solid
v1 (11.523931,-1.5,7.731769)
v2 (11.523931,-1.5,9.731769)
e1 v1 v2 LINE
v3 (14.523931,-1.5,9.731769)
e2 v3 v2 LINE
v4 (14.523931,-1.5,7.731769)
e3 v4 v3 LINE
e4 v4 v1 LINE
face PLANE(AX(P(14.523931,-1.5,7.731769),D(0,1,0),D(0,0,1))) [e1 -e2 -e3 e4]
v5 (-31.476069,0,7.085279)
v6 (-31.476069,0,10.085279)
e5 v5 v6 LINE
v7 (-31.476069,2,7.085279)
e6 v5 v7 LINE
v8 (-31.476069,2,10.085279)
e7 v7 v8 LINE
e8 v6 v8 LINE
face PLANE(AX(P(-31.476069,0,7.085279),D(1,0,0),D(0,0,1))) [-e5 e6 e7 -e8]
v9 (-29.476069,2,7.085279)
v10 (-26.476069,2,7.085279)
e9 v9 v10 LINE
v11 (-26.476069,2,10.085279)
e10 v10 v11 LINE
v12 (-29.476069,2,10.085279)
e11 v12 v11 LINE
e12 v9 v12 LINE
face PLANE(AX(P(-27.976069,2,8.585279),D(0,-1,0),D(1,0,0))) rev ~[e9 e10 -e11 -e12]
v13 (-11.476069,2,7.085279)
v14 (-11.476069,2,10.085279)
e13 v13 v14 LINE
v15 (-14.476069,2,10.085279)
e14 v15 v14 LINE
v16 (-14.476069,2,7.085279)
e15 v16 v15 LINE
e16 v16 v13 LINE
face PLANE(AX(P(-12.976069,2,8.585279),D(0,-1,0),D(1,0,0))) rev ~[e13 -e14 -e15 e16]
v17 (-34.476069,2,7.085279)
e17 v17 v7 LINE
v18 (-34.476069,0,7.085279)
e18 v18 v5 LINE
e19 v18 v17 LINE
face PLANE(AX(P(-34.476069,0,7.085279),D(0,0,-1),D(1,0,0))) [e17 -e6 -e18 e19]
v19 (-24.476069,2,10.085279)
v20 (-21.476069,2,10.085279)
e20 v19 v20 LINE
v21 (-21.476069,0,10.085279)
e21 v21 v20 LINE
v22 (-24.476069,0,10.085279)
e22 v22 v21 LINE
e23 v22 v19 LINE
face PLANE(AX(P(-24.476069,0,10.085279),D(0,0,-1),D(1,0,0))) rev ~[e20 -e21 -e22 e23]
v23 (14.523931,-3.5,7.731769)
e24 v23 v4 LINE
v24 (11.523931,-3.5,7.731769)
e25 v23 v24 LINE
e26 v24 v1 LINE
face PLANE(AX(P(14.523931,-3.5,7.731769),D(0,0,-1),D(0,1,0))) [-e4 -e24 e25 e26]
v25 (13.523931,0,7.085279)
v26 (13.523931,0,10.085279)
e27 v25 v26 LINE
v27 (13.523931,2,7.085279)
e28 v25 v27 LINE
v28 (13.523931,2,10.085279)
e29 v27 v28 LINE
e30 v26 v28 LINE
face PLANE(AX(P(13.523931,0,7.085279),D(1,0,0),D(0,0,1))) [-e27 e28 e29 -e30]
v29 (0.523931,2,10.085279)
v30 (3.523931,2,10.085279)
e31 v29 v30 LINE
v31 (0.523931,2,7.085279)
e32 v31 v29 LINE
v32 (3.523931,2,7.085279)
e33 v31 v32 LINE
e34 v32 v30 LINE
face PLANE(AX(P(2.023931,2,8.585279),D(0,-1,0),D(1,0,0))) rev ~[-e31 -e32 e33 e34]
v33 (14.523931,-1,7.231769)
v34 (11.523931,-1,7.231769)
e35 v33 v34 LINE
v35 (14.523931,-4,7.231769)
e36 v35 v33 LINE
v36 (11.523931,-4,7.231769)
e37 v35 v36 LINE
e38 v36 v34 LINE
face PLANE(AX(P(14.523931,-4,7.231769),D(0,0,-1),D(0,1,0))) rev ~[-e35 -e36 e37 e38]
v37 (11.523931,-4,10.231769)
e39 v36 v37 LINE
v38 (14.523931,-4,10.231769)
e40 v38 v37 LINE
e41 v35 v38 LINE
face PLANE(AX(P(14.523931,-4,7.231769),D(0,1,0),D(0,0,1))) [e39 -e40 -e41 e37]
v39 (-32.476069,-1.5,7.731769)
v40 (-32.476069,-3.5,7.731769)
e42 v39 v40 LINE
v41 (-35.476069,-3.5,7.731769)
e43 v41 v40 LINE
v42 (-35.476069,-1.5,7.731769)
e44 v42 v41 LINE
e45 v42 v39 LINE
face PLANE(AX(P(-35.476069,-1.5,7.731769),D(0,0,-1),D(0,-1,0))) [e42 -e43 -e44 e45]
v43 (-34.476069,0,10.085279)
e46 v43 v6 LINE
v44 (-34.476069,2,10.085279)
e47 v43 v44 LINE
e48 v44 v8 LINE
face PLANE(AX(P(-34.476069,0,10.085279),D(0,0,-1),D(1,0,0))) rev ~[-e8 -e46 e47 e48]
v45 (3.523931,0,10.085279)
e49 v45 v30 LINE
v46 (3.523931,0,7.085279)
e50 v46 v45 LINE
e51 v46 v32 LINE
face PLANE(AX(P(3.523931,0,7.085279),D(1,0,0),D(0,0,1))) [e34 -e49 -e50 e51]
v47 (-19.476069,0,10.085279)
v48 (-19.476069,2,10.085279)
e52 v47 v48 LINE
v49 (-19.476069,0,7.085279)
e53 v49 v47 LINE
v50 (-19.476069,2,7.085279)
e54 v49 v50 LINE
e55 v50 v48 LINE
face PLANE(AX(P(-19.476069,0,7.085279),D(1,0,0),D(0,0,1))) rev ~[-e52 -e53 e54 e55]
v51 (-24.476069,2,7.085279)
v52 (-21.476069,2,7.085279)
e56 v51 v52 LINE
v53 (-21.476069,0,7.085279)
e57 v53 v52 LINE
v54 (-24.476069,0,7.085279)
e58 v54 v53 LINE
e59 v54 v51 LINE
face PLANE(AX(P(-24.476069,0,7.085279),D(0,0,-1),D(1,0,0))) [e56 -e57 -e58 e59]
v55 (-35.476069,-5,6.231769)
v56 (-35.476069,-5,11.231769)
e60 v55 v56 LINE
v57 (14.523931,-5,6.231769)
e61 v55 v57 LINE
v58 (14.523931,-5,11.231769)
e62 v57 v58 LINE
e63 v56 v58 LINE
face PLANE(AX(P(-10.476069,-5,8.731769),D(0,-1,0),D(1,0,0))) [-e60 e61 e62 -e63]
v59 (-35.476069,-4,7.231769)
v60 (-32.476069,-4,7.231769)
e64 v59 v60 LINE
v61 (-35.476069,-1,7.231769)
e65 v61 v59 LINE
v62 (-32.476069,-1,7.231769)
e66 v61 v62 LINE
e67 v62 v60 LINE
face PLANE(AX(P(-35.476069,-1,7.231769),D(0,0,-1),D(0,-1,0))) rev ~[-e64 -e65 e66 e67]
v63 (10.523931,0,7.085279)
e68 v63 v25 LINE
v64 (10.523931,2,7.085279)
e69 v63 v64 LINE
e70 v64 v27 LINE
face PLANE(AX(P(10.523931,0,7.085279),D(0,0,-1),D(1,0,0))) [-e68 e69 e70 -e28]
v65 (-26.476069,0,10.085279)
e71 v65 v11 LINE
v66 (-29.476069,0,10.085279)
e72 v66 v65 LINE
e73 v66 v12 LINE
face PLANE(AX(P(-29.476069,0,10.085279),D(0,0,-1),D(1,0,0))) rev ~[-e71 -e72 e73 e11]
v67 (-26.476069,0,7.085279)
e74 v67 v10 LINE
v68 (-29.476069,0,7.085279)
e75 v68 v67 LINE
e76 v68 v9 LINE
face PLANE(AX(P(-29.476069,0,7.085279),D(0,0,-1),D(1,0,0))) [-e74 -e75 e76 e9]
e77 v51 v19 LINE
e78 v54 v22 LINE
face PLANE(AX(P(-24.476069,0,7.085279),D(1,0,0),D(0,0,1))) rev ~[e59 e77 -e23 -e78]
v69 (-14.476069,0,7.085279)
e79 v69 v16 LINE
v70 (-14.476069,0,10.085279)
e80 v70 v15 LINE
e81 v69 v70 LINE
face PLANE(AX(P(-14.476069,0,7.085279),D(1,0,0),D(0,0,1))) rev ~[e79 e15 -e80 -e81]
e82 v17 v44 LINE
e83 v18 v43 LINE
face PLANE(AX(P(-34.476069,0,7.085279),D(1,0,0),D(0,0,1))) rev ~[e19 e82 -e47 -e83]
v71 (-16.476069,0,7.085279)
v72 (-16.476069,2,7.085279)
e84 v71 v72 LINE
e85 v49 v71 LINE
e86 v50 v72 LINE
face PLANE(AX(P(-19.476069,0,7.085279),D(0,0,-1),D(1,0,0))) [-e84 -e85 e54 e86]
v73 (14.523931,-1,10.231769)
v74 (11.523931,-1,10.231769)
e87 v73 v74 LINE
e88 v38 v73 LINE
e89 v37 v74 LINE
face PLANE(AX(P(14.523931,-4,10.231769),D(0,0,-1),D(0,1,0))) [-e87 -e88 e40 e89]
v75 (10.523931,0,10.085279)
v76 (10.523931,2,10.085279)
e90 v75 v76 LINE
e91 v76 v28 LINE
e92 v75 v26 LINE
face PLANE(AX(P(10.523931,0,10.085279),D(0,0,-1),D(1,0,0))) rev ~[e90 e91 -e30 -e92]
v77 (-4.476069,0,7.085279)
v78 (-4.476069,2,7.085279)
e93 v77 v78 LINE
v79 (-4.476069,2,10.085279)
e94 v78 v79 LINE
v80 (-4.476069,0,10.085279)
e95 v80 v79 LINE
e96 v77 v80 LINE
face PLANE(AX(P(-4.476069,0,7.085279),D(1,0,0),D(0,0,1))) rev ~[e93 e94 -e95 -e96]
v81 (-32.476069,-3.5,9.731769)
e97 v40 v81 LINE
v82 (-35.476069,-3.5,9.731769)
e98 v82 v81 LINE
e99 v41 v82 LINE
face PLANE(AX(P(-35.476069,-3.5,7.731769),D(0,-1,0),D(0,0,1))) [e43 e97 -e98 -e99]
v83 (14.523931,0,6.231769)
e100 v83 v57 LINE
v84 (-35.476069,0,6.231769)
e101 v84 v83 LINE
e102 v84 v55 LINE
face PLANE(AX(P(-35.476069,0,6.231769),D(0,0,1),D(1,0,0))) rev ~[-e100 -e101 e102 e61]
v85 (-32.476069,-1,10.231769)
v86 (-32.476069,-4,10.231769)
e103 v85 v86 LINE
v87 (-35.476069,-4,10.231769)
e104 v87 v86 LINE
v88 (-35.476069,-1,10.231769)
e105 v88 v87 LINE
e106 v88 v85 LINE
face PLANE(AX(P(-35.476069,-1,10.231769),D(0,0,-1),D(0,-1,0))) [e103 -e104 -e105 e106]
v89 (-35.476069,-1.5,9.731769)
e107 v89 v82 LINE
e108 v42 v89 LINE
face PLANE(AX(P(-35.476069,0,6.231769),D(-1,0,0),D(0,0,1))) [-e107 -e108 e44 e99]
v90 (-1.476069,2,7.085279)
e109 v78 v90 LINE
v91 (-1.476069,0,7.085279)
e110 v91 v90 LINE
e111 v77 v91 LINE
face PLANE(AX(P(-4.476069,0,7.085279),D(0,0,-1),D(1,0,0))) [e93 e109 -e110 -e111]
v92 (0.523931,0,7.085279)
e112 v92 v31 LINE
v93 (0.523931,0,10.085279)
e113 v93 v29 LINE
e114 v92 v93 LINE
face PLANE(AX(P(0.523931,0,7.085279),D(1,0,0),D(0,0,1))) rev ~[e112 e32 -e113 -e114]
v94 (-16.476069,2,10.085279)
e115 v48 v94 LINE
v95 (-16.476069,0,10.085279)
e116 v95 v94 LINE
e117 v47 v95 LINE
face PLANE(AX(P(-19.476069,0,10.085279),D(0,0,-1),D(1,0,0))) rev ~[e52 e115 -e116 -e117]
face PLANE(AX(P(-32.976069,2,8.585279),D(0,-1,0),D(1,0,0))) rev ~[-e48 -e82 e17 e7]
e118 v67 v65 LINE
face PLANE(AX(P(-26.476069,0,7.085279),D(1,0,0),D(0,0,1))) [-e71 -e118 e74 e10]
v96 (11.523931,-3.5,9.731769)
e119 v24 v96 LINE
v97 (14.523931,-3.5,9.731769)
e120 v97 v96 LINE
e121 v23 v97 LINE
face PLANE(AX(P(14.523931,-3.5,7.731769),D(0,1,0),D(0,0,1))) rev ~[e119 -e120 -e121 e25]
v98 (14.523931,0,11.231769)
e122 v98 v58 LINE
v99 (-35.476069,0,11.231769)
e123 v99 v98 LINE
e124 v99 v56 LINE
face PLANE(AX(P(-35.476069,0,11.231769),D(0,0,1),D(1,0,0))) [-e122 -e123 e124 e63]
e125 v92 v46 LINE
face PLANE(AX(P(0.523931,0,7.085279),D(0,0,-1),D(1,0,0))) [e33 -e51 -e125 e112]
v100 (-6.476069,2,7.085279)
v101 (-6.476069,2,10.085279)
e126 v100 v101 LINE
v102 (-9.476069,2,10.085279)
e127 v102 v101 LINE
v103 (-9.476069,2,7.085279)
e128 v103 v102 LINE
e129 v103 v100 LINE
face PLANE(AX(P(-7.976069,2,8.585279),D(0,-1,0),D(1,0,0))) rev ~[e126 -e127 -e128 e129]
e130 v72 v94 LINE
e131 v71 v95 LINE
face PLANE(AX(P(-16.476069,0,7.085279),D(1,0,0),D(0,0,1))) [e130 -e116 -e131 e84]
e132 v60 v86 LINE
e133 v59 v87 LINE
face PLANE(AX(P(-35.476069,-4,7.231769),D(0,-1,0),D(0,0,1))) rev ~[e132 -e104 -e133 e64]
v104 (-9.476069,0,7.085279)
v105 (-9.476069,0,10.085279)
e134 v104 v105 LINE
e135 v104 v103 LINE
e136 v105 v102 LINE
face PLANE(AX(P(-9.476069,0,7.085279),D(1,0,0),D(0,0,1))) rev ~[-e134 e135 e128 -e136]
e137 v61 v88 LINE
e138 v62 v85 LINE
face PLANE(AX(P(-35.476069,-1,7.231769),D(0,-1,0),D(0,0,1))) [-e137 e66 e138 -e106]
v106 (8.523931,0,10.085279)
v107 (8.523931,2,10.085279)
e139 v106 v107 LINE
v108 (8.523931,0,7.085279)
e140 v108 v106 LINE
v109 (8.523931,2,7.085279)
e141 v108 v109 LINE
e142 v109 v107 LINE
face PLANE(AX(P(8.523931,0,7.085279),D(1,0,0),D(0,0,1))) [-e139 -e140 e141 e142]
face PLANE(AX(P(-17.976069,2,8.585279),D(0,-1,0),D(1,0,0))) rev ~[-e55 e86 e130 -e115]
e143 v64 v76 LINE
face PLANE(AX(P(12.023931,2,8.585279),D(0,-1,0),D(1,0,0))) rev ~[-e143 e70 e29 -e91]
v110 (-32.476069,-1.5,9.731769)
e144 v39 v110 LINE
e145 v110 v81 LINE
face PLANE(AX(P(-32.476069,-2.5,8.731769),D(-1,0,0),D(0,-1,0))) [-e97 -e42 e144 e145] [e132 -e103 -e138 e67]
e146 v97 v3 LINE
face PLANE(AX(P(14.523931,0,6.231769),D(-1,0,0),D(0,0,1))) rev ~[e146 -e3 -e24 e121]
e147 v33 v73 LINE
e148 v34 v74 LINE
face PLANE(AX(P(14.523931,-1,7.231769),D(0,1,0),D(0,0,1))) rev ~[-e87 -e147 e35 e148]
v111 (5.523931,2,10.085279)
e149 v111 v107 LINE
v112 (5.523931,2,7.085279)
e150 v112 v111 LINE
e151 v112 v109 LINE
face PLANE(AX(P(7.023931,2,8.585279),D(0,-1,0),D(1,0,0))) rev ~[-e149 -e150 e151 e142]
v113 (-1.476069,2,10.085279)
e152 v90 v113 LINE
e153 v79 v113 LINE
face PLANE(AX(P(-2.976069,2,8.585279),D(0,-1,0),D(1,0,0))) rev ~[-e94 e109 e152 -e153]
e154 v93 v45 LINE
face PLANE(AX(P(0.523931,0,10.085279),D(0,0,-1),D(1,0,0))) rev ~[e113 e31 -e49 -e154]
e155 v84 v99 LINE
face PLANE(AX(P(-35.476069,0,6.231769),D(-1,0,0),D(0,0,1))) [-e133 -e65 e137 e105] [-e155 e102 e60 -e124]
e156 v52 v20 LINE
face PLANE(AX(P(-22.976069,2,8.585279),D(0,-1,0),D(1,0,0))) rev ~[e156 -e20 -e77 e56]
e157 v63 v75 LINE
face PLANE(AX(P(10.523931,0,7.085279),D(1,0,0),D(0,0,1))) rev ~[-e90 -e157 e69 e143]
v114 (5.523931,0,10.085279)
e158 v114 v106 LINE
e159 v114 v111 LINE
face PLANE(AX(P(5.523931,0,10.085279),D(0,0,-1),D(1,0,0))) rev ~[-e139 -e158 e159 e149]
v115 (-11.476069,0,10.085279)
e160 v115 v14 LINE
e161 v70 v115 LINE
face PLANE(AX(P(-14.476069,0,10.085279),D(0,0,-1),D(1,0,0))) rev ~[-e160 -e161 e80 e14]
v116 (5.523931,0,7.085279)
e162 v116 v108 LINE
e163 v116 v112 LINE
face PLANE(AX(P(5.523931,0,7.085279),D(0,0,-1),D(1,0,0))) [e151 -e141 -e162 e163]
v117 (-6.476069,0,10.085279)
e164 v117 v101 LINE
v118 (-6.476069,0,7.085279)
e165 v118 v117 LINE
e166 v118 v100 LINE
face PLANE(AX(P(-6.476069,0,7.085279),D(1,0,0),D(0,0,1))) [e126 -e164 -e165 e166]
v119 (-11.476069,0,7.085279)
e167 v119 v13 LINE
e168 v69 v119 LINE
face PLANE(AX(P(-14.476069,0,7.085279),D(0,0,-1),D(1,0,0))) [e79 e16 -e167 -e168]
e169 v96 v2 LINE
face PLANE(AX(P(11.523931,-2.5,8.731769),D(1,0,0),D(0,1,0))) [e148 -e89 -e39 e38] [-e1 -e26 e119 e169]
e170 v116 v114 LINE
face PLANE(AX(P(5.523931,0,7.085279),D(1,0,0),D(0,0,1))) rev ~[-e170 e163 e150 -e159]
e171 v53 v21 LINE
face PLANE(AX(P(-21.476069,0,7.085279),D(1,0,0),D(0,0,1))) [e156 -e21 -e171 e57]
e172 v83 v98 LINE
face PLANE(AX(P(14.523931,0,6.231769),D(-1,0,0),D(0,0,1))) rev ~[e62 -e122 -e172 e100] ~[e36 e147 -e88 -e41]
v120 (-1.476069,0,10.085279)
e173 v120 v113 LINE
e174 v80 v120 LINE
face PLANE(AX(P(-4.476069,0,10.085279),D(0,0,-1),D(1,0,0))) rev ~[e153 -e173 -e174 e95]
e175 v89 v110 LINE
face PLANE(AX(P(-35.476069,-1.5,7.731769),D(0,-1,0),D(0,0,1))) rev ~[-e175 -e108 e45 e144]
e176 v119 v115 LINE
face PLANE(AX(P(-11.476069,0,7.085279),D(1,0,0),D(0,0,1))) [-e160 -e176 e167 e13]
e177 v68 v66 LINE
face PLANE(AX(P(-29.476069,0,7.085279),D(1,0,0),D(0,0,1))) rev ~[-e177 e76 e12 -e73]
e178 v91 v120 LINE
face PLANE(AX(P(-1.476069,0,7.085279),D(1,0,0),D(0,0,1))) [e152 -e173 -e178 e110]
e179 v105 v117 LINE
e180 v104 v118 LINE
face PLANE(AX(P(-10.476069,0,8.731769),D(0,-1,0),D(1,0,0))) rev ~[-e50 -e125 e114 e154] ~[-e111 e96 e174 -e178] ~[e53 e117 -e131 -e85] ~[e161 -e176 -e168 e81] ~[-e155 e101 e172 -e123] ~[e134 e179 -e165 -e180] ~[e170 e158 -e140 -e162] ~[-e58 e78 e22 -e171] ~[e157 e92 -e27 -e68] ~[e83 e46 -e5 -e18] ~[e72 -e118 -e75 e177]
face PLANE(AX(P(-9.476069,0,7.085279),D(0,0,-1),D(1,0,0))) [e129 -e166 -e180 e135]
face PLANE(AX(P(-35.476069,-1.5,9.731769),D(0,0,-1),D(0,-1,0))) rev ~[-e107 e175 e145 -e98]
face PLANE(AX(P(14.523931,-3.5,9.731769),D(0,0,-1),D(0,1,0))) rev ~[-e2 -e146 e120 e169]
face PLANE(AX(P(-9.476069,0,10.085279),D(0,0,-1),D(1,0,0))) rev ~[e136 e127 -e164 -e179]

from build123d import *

# Parameters (mm, degrees)
F0_W     = 50
F0_H     = 5
F1_DEPTH = 5
F2_W     = 3
F2_H     = 3
F3_DEPTH = 2
F4_W     = 3
F4_H     = 3
F4_W_2   = 2
F4_H_2   = 2
F5_DEPTH = 3
F6_W     = 3
F6_H     = 3
F6_W_2   = 2
F6_H_2   = 2
F7_DEPTH = 3


with BuildPart() as f1:
    # F0 (on Front) → F1 (new body)
    with BuildSketch(Plane.XZ):
        with Locations((-10.476069, 8.731769)):
            Rectangle(F0_W, F0_H)
    extrude(amount=F1_DEPTH)

    # F2 (on Front) → F3 (join)
    with BuildSketch(Plane.XZ):
        with Locations((-32.976069, 8.585279)):
            Rectangle(F2_W, F2_H)
        with Locations((-27.976069, 8.585279)):
            Rectangle(F2_W, F2_H)
        with Locations((-22.976069, 8.585279)):
            Rectangle(F2_W, F2_H)
        with Locations((-17.976069, 8.585279)):
            Rectangle(F2_W, F2_H)
        with Locations((-12.976069, 8.585279)):
            Rectangle(F2_W, F2_H)
        with Locations((-7.976069, 8.585279)):
            Rectangle(F2_W, F2_H)
        with Locations((-2.976069, 8.585279)):
            Rectangle(F2_W, F2_H)
        with Locations((2.023931, 8.585279)):
            Rectangle(F2_W, F2_H)
        with Locations((7.023931, 8.585279)):
            Rectangle(F2_W, F2_H)
        with Locations((12.023931, 8.585279)):
            Rectangle(F2_W, F2_H)
    extrude(amount=-F3_DEPTH)

    # F4 (on face) → F5 (cut)
    with BuildSketch(Plane(origin=(-35.476069, 0, 0), x_dir=(0, -1, 0), z_dir=(-1, 0, 0))):
        with Locations((2.5, 8.731769)):
            Rectangle(F4_W, F4_H)
        with Locations((2.5, 8.731769)):
            Rectangle(F4_W_2, F4_H_2, mode=Mode.SUBTRACT)
    extrude(amount=-F5_DEPTH, mode=Mode.SUBTRACT)

    # F6 (on face) → F7 (cut)
    with BuildSketch(Plane.YZ.offset(14.523931)):
        with Locations((-2.5, 8.731769)):
            Rectangle(F6_W, F6_H)
        with Locations((-2.5, 8.731769)):
            Rectangle(F6_W_2, F6_H_2, mode=Mode.SUBTRACT)
    extrude(amount=-F7_DEPTH, mode=Mode.SUBTRACT)


solid = f1.part
